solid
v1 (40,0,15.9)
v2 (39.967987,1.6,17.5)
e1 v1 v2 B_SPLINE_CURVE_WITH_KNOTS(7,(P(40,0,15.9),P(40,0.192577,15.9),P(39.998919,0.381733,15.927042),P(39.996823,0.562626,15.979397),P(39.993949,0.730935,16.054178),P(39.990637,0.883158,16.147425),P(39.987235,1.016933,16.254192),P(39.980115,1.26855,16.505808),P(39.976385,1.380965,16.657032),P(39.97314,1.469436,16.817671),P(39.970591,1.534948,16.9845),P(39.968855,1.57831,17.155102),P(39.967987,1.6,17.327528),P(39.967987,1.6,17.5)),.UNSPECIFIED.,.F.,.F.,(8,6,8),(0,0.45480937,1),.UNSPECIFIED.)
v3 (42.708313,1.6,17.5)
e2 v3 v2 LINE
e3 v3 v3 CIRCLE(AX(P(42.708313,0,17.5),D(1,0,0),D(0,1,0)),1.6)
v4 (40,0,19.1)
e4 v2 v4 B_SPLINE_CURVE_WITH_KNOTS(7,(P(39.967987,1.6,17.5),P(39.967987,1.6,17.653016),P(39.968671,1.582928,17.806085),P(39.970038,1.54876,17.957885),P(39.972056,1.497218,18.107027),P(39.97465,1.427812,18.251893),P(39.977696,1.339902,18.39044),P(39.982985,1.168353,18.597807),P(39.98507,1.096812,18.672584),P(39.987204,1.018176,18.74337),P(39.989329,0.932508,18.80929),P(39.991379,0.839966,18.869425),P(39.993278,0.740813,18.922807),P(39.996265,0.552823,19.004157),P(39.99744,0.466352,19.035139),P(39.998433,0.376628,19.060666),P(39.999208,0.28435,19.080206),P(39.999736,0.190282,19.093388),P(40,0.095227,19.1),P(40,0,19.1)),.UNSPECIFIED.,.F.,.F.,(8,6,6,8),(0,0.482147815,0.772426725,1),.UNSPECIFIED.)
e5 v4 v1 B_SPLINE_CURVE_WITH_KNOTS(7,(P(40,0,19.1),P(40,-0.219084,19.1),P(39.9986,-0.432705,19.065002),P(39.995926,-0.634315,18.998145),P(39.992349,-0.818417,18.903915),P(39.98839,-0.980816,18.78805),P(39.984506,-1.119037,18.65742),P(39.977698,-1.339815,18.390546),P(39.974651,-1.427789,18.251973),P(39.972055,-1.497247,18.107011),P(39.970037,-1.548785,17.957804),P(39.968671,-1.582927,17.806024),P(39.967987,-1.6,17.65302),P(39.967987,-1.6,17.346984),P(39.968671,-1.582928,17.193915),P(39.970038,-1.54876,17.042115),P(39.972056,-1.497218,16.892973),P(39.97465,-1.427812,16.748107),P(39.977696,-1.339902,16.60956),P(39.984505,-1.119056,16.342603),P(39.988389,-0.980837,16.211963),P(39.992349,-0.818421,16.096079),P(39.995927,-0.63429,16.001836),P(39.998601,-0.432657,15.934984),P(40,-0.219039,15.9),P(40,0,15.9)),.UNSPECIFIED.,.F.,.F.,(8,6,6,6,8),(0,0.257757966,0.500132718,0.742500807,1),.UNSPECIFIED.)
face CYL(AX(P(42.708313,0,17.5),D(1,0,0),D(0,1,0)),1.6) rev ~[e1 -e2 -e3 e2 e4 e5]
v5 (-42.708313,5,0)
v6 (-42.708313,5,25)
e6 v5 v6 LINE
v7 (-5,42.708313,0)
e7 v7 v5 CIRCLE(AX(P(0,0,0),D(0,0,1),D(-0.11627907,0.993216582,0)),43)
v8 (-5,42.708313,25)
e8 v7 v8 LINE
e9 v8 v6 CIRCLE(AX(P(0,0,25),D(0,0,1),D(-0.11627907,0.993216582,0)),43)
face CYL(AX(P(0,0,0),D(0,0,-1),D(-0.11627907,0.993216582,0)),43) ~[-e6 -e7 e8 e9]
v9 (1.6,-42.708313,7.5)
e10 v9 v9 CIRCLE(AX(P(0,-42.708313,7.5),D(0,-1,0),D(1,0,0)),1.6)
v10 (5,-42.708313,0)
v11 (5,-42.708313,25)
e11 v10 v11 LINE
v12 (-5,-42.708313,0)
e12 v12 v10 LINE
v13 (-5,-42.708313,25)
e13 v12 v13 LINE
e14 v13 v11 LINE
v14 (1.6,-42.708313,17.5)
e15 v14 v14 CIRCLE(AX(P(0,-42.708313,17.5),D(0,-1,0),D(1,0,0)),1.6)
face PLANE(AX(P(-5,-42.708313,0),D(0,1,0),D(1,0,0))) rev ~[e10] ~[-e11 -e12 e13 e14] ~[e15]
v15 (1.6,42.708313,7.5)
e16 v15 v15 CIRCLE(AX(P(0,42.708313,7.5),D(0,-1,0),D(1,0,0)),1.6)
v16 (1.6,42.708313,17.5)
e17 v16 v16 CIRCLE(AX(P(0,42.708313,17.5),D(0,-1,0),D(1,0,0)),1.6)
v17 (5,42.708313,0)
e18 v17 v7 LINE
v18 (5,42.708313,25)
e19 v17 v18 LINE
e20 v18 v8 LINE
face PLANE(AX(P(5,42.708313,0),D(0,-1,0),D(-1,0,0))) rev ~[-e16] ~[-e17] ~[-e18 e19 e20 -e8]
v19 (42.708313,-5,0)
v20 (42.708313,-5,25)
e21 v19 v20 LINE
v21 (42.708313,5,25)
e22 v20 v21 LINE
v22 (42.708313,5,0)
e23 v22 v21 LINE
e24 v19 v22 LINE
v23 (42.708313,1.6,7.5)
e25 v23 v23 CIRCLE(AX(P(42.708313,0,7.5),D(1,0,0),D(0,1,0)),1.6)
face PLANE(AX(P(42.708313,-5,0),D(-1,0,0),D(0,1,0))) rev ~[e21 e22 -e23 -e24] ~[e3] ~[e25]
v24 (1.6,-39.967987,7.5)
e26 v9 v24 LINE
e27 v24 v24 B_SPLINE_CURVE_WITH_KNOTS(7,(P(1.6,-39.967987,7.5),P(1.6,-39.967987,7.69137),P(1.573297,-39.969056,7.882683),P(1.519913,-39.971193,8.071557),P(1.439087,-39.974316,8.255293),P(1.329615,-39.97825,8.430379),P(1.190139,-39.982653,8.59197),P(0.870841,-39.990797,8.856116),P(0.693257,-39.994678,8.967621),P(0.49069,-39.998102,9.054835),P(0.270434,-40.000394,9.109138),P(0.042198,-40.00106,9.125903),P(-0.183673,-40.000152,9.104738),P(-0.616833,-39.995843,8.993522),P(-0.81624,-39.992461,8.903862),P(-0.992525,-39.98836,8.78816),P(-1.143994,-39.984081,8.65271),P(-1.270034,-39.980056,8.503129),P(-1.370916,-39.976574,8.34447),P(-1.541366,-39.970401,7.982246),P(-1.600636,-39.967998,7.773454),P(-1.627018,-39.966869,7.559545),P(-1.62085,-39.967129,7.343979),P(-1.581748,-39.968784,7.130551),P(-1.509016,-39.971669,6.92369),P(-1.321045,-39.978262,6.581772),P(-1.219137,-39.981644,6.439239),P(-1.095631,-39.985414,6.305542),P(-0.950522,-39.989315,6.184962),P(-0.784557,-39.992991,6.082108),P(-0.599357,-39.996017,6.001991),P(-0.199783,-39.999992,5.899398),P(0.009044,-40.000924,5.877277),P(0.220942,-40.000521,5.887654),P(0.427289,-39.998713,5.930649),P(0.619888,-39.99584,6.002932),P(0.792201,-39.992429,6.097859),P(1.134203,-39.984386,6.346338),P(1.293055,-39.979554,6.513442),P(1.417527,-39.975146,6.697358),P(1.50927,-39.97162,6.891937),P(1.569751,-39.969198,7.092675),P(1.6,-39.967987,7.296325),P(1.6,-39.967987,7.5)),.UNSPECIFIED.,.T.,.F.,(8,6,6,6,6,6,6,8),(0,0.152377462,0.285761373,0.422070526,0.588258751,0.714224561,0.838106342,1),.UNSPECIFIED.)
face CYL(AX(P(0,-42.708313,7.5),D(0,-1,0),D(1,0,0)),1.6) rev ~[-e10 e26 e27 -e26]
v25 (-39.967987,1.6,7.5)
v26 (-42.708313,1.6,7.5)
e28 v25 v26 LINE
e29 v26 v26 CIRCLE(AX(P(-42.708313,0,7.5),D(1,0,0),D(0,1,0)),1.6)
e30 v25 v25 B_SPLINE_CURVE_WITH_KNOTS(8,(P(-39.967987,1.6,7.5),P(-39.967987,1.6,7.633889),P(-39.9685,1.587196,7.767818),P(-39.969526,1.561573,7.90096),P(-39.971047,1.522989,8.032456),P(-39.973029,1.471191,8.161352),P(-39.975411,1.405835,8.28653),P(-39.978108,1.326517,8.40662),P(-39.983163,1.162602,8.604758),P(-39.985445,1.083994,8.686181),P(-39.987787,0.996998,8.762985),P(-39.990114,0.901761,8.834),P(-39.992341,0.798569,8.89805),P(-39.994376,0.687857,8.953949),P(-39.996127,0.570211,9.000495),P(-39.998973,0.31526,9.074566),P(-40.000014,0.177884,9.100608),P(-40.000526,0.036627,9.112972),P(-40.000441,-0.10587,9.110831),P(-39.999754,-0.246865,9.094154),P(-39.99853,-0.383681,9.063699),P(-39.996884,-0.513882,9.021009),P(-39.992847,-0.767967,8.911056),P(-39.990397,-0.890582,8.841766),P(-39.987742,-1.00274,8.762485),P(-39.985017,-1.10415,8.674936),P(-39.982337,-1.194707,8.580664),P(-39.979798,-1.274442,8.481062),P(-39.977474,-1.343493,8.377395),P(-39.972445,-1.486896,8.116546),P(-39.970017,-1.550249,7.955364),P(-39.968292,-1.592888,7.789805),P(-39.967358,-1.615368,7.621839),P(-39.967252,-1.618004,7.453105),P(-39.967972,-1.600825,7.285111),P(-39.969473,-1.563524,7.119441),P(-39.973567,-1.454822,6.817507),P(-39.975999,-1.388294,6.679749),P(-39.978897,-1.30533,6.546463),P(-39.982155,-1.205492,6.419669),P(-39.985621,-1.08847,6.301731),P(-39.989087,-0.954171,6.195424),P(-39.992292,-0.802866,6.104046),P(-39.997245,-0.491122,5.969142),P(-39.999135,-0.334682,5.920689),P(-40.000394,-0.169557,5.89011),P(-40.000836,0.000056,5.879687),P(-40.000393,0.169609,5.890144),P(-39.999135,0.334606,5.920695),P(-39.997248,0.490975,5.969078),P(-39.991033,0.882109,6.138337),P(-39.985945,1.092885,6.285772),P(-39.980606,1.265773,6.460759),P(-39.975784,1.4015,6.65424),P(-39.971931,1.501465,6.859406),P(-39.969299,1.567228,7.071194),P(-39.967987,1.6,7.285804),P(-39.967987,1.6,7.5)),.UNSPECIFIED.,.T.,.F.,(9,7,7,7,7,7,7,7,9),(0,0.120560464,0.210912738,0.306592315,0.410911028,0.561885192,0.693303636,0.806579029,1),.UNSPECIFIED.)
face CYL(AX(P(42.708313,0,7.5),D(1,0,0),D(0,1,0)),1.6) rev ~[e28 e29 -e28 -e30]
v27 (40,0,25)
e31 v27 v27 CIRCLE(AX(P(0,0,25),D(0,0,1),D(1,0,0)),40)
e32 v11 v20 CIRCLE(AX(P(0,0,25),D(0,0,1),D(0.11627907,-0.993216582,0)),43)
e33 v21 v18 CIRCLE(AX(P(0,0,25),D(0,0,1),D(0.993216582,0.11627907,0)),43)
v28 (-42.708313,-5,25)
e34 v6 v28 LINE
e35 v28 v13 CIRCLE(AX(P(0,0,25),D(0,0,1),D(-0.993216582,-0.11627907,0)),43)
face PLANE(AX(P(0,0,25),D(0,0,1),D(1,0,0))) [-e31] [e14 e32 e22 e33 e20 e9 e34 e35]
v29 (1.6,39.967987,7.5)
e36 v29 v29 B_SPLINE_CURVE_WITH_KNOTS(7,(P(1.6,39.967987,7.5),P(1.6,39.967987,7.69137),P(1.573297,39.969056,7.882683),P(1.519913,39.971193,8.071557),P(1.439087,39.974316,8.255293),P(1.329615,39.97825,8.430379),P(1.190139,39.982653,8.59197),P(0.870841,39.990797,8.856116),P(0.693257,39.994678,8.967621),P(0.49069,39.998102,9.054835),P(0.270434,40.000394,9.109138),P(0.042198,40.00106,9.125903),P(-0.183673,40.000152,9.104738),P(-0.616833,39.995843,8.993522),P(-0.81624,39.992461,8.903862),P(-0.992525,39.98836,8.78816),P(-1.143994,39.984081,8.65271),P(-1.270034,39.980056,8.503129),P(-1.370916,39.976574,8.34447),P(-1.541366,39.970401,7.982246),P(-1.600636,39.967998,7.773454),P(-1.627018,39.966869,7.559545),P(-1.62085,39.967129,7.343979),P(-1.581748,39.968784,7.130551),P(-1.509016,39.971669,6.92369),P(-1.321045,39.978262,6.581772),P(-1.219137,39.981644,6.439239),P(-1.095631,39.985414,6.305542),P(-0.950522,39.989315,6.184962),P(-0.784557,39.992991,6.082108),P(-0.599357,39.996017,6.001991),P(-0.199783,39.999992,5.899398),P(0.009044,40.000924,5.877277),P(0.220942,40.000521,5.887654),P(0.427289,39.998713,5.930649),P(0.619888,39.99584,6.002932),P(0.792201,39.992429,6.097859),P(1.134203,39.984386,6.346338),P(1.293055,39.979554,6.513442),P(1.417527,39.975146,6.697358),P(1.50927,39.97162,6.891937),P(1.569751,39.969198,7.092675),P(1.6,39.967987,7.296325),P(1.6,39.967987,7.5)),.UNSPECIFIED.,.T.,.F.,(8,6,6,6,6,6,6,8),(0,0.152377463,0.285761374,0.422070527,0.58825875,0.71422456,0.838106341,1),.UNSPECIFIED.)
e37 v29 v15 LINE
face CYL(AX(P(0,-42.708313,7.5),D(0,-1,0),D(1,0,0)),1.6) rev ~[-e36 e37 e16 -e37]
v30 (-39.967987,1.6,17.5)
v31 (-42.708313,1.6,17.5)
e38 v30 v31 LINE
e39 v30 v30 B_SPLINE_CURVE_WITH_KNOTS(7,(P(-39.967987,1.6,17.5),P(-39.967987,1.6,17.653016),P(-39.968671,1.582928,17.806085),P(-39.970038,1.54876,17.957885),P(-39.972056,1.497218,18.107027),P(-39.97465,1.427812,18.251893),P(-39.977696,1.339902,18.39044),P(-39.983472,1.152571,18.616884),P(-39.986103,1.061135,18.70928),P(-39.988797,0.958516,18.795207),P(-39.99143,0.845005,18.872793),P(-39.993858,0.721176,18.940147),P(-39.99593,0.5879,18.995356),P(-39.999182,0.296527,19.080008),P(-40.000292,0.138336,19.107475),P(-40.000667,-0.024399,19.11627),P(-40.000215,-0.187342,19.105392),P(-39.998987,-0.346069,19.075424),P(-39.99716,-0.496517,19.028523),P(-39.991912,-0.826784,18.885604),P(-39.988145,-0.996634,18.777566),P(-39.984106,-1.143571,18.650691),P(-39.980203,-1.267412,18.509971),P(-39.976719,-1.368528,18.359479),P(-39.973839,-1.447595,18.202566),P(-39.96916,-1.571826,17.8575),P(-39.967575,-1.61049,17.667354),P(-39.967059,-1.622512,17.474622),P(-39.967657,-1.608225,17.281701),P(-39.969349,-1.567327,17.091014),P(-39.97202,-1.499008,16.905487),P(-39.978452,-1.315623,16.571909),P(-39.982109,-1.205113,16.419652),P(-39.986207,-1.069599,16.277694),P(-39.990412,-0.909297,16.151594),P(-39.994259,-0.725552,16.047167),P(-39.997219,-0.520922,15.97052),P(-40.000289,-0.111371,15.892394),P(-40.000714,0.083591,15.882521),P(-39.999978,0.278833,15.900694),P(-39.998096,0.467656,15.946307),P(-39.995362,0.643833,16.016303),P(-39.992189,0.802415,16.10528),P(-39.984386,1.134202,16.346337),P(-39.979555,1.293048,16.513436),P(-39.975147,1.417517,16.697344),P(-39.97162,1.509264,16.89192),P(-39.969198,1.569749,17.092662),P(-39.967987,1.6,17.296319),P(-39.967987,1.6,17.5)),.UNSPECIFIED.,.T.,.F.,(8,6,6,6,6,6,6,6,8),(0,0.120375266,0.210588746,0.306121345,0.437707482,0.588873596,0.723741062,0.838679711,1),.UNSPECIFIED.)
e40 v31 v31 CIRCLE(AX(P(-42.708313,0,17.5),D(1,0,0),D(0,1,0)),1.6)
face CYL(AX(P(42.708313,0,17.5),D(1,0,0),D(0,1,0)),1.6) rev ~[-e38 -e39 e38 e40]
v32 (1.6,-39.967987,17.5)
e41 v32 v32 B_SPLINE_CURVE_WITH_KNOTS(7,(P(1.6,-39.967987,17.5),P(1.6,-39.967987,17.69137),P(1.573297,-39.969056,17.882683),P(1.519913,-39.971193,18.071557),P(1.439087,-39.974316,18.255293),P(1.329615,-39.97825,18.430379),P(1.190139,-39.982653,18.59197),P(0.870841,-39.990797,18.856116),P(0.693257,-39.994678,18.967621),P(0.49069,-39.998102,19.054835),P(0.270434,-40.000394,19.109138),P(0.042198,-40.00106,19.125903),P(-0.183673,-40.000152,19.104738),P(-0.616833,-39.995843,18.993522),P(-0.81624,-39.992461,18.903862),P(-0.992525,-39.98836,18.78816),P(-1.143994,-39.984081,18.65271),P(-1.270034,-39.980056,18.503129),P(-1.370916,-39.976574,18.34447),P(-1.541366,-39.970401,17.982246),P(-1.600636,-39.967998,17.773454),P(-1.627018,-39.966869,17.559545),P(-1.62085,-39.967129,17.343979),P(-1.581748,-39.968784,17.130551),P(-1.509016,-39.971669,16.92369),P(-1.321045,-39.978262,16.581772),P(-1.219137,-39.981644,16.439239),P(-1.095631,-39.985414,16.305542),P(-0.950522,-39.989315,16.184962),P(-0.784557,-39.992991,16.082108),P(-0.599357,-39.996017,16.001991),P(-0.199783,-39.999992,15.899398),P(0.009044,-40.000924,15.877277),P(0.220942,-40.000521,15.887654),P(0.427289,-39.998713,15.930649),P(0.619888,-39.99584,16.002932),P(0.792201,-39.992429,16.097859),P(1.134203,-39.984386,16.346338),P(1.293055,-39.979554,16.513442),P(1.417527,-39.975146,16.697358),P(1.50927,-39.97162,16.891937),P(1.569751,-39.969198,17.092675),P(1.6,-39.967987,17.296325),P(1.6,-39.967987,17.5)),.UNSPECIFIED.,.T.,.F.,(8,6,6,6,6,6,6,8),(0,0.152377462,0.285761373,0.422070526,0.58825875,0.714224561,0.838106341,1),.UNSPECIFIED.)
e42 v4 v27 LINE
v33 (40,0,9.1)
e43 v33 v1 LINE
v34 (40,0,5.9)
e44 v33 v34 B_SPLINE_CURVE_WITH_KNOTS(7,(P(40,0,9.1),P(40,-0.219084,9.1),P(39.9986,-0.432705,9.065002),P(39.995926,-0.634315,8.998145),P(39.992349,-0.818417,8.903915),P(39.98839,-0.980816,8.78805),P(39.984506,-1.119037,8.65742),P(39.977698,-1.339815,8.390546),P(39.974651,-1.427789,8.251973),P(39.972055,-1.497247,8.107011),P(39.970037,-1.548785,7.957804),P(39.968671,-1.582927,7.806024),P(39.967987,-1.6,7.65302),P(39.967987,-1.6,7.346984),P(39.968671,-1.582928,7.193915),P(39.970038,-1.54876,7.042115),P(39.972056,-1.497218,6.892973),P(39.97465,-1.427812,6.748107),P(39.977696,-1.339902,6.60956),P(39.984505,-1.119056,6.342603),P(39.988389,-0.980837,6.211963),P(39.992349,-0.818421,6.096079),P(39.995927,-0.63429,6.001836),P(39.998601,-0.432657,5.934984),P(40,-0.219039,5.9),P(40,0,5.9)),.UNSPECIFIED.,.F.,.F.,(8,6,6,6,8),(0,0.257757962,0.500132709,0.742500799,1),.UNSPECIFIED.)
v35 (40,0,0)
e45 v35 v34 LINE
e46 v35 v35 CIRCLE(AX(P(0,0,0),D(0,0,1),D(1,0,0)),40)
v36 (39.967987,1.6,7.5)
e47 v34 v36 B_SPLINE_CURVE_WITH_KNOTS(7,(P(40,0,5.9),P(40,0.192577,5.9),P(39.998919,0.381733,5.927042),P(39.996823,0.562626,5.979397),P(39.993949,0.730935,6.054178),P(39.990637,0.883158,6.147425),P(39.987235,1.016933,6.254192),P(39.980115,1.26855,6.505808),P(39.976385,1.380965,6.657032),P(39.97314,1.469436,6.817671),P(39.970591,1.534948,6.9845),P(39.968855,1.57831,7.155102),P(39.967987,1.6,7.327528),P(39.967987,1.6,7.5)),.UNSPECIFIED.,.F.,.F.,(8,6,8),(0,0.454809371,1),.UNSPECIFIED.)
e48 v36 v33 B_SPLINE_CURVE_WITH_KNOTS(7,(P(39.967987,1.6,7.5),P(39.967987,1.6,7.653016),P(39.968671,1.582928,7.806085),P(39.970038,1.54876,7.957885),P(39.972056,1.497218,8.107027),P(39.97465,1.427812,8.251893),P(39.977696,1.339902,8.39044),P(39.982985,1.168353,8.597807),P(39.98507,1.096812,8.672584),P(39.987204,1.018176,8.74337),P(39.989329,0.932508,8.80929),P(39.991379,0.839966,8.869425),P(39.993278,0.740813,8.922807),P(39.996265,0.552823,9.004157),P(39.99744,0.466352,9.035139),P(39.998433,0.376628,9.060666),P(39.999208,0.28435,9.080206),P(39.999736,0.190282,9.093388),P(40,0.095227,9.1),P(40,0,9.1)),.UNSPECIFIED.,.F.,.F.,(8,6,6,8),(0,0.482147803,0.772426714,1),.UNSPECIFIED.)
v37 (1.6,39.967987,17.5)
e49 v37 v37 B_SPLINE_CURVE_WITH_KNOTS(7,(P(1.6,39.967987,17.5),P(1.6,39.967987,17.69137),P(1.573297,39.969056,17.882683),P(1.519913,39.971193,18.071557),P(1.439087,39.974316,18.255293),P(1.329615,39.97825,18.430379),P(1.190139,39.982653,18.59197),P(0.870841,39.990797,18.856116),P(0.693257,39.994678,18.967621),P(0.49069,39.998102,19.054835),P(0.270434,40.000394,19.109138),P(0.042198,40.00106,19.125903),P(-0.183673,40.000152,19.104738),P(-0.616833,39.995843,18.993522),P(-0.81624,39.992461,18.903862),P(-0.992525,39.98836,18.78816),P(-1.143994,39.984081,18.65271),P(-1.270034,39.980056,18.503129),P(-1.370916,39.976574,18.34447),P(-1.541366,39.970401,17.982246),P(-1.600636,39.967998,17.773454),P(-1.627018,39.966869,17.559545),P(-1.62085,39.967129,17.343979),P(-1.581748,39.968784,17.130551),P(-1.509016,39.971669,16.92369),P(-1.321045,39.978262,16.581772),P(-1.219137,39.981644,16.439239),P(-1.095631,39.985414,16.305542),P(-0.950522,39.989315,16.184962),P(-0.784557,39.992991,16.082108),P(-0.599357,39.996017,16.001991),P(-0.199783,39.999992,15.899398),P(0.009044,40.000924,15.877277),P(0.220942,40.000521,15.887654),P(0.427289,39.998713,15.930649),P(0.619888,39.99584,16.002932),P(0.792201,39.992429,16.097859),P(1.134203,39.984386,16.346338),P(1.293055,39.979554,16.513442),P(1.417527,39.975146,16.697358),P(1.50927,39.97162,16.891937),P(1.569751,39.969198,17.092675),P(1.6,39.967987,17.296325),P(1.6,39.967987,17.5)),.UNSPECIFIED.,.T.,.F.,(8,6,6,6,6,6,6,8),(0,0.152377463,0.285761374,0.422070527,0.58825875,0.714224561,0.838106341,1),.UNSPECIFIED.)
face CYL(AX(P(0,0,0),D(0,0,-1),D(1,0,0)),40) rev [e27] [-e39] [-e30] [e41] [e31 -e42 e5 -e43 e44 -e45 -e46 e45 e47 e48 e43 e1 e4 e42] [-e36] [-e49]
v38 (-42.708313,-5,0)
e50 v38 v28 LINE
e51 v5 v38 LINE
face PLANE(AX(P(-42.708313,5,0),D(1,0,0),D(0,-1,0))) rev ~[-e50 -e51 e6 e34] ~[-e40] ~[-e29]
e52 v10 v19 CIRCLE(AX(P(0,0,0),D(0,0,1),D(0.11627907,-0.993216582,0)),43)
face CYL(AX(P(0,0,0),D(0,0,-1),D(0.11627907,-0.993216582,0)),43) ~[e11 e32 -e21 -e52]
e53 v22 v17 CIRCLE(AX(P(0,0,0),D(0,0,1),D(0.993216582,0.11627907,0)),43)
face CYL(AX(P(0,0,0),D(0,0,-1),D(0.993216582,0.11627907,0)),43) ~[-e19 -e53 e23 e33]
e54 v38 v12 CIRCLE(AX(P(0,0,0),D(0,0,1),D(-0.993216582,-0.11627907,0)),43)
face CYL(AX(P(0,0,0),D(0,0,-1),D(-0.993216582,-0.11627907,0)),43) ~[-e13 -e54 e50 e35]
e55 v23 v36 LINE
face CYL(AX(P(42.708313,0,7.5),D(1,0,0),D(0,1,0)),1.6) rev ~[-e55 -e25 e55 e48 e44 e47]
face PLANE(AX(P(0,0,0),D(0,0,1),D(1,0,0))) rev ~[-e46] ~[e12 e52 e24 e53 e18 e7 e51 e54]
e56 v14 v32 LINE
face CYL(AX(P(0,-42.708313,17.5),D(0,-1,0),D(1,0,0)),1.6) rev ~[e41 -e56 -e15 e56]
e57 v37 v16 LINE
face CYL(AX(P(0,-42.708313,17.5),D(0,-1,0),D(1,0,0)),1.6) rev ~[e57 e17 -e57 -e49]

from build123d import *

# Parameters (mm, degrees)
F0_R     = 40
F1_DEPTH = 25
F2_R     = 1.6
F3_DEPTH = 85.4176260163
F4_R     = 1.6
F5_DEPTH = 85.4176260163


with BuildPart() as f1:
    # F0 (on Top) → F1 (new body)
    with BuildSketch(Plane.XY):
        with BuildLine():
            Line((42.7083130081, -5), (42.7083130081, 5))
            ThreePointArc((42.7083130081, 5), (30.405591591, 30.405591591), (5, 42.7083130081))
            Line((5, 42.7083130081), (-5, 42.7083130081))
            ThreePointArc((-5, 42.7083130081), (-30.405591591, 30.405591591), (-42.7083130081, 5))
            Line((-42.7083130081, 5), (-42.7083130081, -5))
            ThreePointArc((-42.7083130081, -5), (-30.405591591, -30.405591591), (-5, -42.7083130081))
            Line((-5, -42.7083130081), (5, -42.7083130081))
            ThreePointArc((5, -42.7083130081), (30.405591591, -30.405591591), (42.7083130081, -5))
        make_face()
        Circle(F0_R, mode=Mode.SUBTRACT)
    extrude(amount=F1_DEPTH)

    # F2 (on face) → F3 (cut, through all)
    with BuildSketch(Plane.YZ.offset(42.7083130081)):
        with Locations((0, 17.5)):
            Circle(F2_R)
        with Locations((0, 7.5)):
            Circle(F2_R)
    extrude(amount=-F3_DEPTH, mode=Mode.SUBTRACT)

    # F4 (on face) → F5 (cut, through all)
    with BuildSketch(Plane.XZ.offset(42.7083130081)):
        with Locations((0, 17.5)):
            Circle(F4_R)
        with Locations((0, 7.5)):
            Circle(F4_R)
    extrude(amount=-F5_DEPTH, mode=Mode.SUBTRACT)


solid = f1.part
